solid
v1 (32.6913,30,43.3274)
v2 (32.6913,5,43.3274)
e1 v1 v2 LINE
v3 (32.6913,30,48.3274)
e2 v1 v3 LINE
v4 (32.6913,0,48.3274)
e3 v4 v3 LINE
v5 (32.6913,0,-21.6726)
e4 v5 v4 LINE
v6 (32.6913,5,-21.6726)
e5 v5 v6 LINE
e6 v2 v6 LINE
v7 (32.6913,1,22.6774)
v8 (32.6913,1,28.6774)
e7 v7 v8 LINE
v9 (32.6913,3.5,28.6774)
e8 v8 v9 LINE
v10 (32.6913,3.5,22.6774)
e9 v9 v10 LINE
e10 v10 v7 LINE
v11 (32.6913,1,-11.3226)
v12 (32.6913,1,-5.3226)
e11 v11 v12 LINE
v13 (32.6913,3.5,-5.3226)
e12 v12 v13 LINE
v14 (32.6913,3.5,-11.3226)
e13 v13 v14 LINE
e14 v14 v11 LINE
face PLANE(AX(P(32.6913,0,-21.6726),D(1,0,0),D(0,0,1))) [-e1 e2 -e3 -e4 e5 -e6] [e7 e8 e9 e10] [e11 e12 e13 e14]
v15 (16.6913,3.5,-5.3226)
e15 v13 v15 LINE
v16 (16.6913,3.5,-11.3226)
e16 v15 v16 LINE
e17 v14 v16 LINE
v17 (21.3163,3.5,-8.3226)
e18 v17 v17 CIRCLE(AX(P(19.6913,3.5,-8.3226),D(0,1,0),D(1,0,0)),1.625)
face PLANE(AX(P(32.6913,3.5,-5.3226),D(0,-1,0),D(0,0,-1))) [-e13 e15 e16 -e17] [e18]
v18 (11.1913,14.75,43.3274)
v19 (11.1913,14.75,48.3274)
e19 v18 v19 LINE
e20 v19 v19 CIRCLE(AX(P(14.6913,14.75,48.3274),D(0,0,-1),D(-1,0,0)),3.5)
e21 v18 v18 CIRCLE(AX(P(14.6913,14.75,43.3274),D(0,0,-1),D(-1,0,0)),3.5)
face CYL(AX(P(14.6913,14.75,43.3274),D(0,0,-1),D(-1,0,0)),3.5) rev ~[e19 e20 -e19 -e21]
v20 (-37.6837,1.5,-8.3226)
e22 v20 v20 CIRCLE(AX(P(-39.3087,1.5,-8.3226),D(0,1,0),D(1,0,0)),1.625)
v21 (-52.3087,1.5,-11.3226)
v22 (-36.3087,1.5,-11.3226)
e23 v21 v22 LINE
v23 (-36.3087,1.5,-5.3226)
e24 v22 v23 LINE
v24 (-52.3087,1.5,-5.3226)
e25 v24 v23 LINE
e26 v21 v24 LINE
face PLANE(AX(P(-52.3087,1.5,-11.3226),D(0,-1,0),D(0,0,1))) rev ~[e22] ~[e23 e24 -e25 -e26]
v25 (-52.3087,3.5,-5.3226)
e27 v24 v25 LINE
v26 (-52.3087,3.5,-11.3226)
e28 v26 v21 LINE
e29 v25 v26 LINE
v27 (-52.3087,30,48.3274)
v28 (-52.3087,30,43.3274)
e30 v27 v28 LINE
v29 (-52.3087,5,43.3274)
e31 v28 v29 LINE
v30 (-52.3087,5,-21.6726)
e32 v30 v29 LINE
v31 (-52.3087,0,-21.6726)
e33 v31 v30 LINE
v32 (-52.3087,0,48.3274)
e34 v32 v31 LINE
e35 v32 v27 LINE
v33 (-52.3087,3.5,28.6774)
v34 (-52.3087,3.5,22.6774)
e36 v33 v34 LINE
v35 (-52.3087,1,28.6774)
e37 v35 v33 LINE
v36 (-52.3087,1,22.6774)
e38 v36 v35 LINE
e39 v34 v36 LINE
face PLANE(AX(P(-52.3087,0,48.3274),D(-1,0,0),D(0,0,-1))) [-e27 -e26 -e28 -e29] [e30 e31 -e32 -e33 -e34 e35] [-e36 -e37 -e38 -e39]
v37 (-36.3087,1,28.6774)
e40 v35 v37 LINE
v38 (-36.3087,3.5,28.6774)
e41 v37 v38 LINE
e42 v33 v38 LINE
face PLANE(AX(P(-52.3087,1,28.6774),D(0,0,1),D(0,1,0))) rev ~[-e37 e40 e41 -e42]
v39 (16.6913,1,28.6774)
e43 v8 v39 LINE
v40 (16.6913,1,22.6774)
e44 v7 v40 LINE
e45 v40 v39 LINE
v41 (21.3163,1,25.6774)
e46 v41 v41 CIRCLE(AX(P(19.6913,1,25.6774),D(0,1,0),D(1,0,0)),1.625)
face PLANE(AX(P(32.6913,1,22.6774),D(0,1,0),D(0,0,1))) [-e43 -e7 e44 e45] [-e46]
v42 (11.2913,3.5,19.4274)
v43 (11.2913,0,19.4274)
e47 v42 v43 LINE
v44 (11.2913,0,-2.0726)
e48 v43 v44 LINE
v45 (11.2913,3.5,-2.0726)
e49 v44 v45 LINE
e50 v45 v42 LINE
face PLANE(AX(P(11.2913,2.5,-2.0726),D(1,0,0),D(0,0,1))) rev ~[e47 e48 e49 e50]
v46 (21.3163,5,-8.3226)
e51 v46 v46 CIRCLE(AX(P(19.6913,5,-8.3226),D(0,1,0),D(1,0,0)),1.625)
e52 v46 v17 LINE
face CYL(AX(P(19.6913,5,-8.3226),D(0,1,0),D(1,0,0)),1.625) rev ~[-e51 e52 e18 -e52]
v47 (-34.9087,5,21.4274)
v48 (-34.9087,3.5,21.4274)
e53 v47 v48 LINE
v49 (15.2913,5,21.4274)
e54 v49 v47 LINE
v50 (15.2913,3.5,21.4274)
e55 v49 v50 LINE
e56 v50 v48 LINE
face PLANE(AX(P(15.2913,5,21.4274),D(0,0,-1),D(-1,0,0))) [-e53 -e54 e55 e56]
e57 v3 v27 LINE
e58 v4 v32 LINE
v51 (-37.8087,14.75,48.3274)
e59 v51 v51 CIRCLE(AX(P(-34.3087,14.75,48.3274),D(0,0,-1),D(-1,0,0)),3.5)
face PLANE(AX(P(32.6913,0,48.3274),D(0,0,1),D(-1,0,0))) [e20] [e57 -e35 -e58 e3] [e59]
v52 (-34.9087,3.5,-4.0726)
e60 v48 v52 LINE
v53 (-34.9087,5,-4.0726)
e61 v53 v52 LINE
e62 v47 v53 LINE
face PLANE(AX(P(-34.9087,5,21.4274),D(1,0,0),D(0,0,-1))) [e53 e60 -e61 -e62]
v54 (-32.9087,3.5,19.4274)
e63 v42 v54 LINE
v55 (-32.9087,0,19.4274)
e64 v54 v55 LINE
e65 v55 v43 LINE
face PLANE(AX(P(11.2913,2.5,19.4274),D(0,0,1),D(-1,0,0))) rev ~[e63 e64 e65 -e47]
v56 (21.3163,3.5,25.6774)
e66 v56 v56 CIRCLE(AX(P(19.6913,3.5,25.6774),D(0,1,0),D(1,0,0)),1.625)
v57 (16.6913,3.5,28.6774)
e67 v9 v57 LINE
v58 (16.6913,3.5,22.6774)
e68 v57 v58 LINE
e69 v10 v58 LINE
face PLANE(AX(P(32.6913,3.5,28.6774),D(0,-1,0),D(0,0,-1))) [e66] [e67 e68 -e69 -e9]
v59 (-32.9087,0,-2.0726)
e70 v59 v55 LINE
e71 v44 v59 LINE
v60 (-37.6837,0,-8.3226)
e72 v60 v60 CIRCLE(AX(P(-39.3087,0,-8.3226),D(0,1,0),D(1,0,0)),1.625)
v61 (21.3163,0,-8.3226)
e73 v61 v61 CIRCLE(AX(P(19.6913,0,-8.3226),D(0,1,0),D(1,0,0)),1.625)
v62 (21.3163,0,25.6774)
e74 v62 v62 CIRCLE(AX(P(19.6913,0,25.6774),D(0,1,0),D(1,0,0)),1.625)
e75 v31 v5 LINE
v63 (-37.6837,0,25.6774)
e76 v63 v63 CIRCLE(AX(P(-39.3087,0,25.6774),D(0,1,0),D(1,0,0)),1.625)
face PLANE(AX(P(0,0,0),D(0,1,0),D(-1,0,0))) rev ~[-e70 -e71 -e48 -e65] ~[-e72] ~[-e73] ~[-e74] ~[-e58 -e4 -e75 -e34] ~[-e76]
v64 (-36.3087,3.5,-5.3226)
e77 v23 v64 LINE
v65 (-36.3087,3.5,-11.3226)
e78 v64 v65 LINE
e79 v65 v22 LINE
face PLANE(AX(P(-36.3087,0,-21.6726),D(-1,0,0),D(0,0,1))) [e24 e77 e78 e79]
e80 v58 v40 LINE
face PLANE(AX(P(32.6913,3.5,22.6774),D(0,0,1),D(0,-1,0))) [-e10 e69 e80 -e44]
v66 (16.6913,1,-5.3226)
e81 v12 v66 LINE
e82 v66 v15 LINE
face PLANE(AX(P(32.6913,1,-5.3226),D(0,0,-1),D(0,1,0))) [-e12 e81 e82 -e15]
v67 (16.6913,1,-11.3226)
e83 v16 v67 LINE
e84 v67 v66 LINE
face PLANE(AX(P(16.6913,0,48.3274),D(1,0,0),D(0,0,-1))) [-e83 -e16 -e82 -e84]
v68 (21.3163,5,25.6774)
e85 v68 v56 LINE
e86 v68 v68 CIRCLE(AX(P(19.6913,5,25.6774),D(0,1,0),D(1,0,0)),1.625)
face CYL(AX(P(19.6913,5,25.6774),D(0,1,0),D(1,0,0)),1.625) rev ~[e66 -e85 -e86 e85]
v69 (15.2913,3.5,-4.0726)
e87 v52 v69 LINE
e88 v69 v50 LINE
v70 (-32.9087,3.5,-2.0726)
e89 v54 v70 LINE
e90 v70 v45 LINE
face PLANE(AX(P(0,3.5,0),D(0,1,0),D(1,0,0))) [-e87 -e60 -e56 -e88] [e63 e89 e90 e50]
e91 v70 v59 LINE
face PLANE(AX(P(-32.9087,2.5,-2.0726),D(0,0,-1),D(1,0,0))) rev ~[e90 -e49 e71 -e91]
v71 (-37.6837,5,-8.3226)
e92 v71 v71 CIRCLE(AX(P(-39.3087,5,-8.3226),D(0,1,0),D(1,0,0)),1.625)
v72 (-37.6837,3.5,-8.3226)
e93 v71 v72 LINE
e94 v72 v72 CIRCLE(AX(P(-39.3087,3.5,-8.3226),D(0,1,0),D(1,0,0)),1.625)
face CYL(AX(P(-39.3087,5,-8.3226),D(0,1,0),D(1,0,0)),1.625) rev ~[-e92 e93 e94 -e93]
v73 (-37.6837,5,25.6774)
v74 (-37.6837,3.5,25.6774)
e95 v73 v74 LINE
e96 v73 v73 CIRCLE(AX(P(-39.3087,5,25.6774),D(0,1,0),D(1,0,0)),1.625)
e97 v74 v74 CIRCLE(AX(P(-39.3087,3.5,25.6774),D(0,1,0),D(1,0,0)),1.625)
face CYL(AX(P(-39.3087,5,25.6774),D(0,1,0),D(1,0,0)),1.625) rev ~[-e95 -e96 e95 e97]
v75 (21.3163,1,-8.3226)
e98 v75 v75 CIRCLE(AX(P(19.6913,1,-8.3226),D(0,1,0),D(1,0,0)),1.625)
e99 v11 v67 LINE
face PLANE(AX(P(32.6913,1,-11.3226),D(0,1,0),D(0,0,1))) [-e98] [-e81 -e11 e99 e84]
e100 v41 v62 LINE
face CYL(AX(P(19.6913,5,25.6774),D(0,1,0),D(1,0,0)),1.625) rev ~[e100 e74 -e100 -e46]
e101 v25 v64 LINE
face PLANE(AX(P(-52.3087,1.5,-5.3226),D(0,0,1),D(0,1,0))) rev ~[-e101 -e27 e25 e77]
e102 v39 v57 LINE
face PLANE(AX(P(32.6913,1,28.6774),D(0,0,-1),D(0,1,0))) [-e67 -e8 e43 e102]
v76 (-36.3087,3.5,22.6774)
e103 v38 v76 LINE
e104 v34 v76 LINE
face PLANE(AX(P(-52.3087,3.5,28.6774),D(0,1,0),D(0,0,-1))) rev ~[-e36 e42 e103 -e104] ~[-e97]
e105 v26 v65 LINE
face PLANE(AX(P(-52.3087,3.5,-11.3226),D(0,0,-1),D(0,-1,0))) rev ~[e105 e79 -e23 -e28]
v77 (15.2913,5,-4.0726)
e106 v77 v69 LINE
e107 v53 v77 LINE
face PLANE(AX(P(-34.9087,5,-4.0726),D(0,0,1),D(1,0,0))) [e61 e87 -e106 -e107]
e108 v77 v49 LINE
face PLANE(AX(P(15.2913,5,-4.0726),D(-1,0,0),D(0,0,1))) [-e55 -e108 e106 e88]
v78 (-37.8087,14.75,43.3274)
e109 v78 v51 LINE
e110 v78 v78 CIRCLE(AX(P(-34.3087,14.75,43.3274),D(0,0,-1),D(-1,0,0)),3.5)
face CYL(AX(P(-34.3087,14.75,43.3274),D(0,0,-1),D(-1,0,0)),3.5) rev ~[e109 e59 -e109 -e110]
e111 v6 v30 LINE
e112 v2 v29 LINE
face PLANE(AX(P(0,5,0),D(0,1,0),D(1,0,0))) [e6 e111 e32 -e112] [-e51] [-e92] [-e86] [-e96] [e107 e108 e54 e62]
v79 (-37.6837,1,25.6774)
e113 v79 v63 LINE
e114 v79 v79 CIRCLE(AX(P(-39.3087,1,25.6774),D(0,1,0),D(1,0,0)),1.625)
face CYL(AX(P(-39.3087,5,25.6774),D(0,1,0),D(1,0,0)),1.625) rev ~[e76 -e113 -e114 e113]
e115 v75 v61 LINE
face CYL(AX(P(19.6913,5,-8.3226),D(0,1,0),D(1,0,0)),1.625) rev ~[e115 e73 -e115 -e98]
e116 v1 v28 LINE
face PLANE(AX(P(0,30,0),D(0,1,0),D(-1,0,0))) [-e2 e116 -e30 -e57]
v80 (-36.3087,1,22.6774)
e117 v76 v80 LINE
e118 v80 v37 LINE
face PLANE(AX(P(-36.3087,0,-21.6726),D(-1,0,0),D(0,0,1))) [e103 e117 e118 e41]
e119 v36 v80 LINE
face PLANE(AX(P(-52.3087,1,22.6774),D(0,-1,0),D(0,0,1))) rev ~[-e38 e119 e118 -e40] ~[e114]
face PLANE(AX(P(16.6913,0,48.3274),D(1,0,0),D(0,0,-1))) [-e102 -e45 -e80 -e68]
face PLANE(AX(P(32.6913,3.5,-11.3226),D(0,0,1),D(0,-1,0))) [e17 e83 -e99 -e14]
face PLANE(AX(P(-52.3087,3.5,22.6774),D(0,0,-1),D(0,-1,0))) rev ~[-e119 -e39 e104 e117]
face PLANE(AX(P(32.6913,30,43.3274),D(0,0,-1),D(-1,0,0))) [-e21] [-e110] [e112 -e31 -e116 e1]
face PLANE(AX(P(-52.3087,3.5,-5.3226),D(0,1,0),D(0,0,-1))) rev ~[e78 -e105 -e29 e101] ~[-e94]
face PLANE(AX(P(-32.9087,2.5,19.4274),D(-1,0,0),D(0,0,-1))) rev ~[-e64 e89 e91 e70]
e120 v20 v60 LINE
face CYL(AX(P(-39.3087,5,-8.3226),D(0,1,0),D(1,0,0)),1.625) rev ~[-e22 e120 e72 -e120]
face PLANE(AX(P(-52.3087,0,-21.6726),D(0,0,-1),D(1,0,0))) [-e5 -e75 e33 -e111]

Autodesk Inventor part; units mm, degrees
ref_plane "YZ Plane" through (0, 0, 0) normal (1, 0, 0) x (0, 1, 0)
ref_plane "XZ Plane" through (0, 0, 0) normal (0, 1, 0) x (-1, 0, 0)
ref_plane "XY Plane" through (0, 0, 0) normal (0, 0, 1) x (1, 0, 0)
sketch "Sketch1" plane through (0, 0, 0) normal (0, 1, 0) x (-1, 0, 0)
  line L0 (52.3087, -21.6726) -> (-32.6913, -21.6726)
  line L1 (-32.6913, -21.6726) -> (-32.6913, 48.3274)
  line L2 (-32.6913, 48.3274) -> (52.3087, 48.3274)
  line L3 (52.3087, 48.3274) -> (52.3087, -21.6726)
  dimension "d4" = 70
  dimension "d5" = 85
extrude "Extrusion1" add sketch "Sketch1" along normal blind 30
sketch "Sketch2" plane through (0, 30, 0) normal (0, 1, 0) x (1, 0, 0)
  line L0 (32.6913, 21.6726) -> (-52.3087, 21.6726) projected
  line L1 (-52.3087, 21.6726) -> (-52.3087, -48.3274) projected
  line L2 (-52.3087, -48.3274) -> (32.6913, -48.3274) projected
  line L3 (32.6913, -48.3274) -> (32.6913, 21.6726) projected
  line L4 (-52.3087, 21.6726) -> (32.6913, 21.6726)
  line L5 (32.6913, 21.6726) -> (32.6913, -43.3274)
  line L6 (32.6913, -43.3274) -> (-52.3087, -43.3274)
  line L7 (-52.3087, -43.3274) -> (-52.3087, 21.6726)
  point P0 (0, 0)
  dimension "d8" = 0
  dimension "d9" = 0
  dimension "d10" = 5
extrude "Extrusion2" cut sketch "Sketch2" against normal blind 25 contours L3 L6 L1 L0
sketch "Sketch3" plane through (0, 5, 0) normal (0, 1, 0) x (1, 0, 0)
  line L0 (-52.3087, -43.3274) -> (-52.3087, 21.6726) projected
  line L1 (32.6913, -43.3274) -> (-52.3087, -43.3274) projected
  line L2 (32.6913, 21.6726) -> (32.6913, -43.3274) projected
  line L3 (-34.9087, 4.0726) -> (15.2913, 4.0726)
  line L4 (15.2913, 4.0726) -> (15.2913, -21.4274)
  line L5 (15.2913, -21.4274) -> (-34.9087, -21.4274)
  line L6 (-34.9087, -21.4274) -> (-34.9087, 4.0726)
  line L7 (-52.3087, 21.6726) -> (32.6913, 21.6726)
  line L8 (-52.3087, -48.3274) -> (-52.3087, 21.6726) projected
  line L9 (-9.8087, -43.3274) -> (-9.8087, 21.6726) construction
  circle A0 centre (-39.3087, -25.6774) radius 1.625
  circle A1 centre (-39.3087, 8.3226) radius 1.625
  circle A2 centre (19.6913, 8.3226) radius 1.625
  circle A3 centre (19.6913, -25.6774) radius 1.625
  line L10 (-34.9087, -8.6774) -> (15.2913, -8.6774) construction
  point P0 (0, 0)
  dimension "d14" = 17.4
  dimension "d15" = 17.4
  dimension "d17" = 21.9
  dimension "d106" = 25.5
  dimension "d107" = 3.25
  dimension "d110" = 34
  dimension "d111" = 59
extrude "Extrusion3" cut sketch "Sketch3" against normal blind 1.5 contours L3 L4 L5 L6 | A0 | A1 | A2 | A3
sketch "Sketch4" plane through (0, 3.5, 0) normal (0, 1, 0) x (1, 0, 0)
  line L0 (-34.9087, 4.0726) -> (15.2913, 4.0726) projected
  line L1 (-34.9087, -21.4274) -> (-34.9087, 4.0726) projected
  line L2 (15.2913, -21.4274) -> (-34.9087, -21.4274) projected
  line L3 (15.2913, 4.0726) -> (15.2913, -21.4274) projected
  line L4 (-32.9087, 2.0726) -> (11.2913, 2.0726)
  line L5 (11.2913, 2.0726) -> (11.2913, -19.4274)
  line L6 (11.2913, -19.4274) -> (-32.9087, -19.4274)
  line L7 (-32.9087, -19.4274) -> (-32.9087, 2.0726)
  point P0 (0, 0)
  dimension "d20" = 2
  dimension "d21" = 2
  dimension "d22" = 2
  dimension "d23" = 4
extrude "Extrusion4" cut sketch "Sketch4" against normal blind 1 contours L4 L5 L6 L7
sketch "Sketch10" plane through (32.6913, 5, 43.3274) normal (0, 0, -1) x (-1, 0, 0)
  line L0 (85, 25) -> (85, 0) projected
  line L1 (0, 25) -> (85, 25) projected
  circle A0 centre (18, 9.75) radius 3.5
  circle A1 centre (67, 9.75) radius 3.5
  point P0 (32.6913, -5)
  dimension "d53" = 15.25
  dimension "d55" = 15.25
  dimension "d58" = 7
  dimension "d59" = 7
  dimension "d70" = 49
  dimension "d71" = 18
extrude "Extrusion9" cut sketch "Sketch10" against normal blind 5
sketch "Sketch16" plane through (15.2913, 5, -4.0726) normal (-1, 0, 0) x (0, 0, 1)
  line L0 (0, 0) -> (25.5, 0) projected
  line L1 (0, 0) -> (0, -1.5) projected
  line L2 (0, -1.5) -> (25.5, -1.5) projected
  line L3 (25.5, 0) -> (25.5, -1.5) projected
  point P0 (4.0726, -5)
sketch "Sketch17" plane through (0, 2.5, 0) normal (0, 1, 0) x (1, 0, 0)
  line L0 (-32.9087, 2.0726) -> (11.2913, 2.0726) projected
  line L1 (-32.9087, -19.4274) -> (-32.9087, 2.0726) projected
  line L2 (11.2913, -19.4274) -> (-32.9087, -19.4274) projected
  line L3 (11.2913, 2.0726) -> (11.2913, -19.4274) projected
  line L4 (-32.9087, 2.0726) -> (11.2913, 2.0726)
  line L5 (11.2913, 2.0726) -> (11.2913, -19.4274)
  line L6 (11.2913, -19.4274) -> (-32.9087, -19.4274)
  line L7 (-32.9087, -19.4274) -> (-32.9087, 2.0726)
  point P0 (0, 0)
  dimension "d93" = 0
  dimension "d94" = 0
  dimension "d95" = 0
  dimension "d96" = 0
extrude "Extrusion14" cut sketch "Sketch17" along normal through all both and the other way through all
sketch "Sketch20" plane through (32.6913, 0, 48.3274) normal (1, 0, 0) x (0, 0, -1)
  line L0 (19.65, 3.5) -> (25.65, 3.5)
  line L1 (25.65, 3.5) -> (25.65, 1)
  line L2 (25.65, 1) -> (19.65, 1)
  line L3 (19.65, 1) -> (19.65, 3.5)
  line L4 (21.025, 3.5) -> (24.275, 3.5) construction
  line L5 (55.025, 3.5) -> (58.275, 3.5) construction
  line L6 (53.65, 3.5) -> (59.65, 3.5)
  line L7 (59.65, 3.5) -> (59.65, 1)
  line L8 (59.65, 1) -> (53.65, 1)
  line L9 (53.65, 1) -> (53.65, 3.5)
  point P0 (48.3274, 0)
  dimension "d113" = 2.5
  dimension "d125" = 6
  dimension "d139" = 1.375
  dimension "d140" = 1.375
extrude "Extrusion16" cut sketch "Sketch20" against normal blind 16
sketch "Sketch21" plane through (-52.3087, 0, -21.6726) normal (-1, 0, 0) x (0, 0, 1)
  line L0 (17.6, 3.5) -> (43.1, 3.5) projected
  line L1 (10.35, 1.5) -> (16.35, 1.5)
  line L2 (16.35, 1.5) -> (16.35, 3.5)
  line L3 (16.35, 3.5) -> (10.35, 3.5)
  line L4 (10.35, 3.5) -> (10.35, 1.5)
  line L5 (44.35, 1) -> (50.35, 1)
  line L6 (50.35, 1) -> (50.35, 3.5)
  line L7 (50.35, 3.5) -> (44.35, 3.5)
  line L8 (44.35, 3.5) -> (44.35, 1)
  line L9 (10.35, 3.5) -> (10.35, 1.5) projected
  line L10 (10.35, 1.5) -> (16.35, 1.5) projected
  line L11 (16.35, 1.5) -> (16.35, 3.5) projected
  line L12 (50.35, 1) -> (50.35, 3.5) projected
  line L13 (44.35, 1) -> (50.35, 1) projected
  line L14 (44.35, 3.5) -> (44.35, 1) projected
  point P0 (21.6726, 0)
extrude "Extrusion17" cut sketch "Sketch21" against normal blind 16
sketch "Sketch22" plane through (0, 5, 0) normal (0, 1, 0) x (1, 0, 0)
  circle A0 centre (-39.3087, -25.6774) radius 1.625
  circle A1 centre (19.6913, 8.3226) radius 1.625 projected
  circle A2 centre (-39.3087, 8.3226) radius 1.625
  circle A3 centre (19.6913, -25.6774) radius 1.625
  circle A4 centre (19.6913, 8.3226) radius 1.625
  circle A5 centre (19.6913, -25.6774) radius 1.625 projected
  circle A6 centre (-39.3087, 8.3226) radius 1.625 projected
  circle A7 centre (-39.3087, -25.6774) radius 1.625 projected
  point P0 (0, 0)
extrude "Extrusion18" cut sketch "Sketch22" against normal through all
properties part number "SampleBase"
